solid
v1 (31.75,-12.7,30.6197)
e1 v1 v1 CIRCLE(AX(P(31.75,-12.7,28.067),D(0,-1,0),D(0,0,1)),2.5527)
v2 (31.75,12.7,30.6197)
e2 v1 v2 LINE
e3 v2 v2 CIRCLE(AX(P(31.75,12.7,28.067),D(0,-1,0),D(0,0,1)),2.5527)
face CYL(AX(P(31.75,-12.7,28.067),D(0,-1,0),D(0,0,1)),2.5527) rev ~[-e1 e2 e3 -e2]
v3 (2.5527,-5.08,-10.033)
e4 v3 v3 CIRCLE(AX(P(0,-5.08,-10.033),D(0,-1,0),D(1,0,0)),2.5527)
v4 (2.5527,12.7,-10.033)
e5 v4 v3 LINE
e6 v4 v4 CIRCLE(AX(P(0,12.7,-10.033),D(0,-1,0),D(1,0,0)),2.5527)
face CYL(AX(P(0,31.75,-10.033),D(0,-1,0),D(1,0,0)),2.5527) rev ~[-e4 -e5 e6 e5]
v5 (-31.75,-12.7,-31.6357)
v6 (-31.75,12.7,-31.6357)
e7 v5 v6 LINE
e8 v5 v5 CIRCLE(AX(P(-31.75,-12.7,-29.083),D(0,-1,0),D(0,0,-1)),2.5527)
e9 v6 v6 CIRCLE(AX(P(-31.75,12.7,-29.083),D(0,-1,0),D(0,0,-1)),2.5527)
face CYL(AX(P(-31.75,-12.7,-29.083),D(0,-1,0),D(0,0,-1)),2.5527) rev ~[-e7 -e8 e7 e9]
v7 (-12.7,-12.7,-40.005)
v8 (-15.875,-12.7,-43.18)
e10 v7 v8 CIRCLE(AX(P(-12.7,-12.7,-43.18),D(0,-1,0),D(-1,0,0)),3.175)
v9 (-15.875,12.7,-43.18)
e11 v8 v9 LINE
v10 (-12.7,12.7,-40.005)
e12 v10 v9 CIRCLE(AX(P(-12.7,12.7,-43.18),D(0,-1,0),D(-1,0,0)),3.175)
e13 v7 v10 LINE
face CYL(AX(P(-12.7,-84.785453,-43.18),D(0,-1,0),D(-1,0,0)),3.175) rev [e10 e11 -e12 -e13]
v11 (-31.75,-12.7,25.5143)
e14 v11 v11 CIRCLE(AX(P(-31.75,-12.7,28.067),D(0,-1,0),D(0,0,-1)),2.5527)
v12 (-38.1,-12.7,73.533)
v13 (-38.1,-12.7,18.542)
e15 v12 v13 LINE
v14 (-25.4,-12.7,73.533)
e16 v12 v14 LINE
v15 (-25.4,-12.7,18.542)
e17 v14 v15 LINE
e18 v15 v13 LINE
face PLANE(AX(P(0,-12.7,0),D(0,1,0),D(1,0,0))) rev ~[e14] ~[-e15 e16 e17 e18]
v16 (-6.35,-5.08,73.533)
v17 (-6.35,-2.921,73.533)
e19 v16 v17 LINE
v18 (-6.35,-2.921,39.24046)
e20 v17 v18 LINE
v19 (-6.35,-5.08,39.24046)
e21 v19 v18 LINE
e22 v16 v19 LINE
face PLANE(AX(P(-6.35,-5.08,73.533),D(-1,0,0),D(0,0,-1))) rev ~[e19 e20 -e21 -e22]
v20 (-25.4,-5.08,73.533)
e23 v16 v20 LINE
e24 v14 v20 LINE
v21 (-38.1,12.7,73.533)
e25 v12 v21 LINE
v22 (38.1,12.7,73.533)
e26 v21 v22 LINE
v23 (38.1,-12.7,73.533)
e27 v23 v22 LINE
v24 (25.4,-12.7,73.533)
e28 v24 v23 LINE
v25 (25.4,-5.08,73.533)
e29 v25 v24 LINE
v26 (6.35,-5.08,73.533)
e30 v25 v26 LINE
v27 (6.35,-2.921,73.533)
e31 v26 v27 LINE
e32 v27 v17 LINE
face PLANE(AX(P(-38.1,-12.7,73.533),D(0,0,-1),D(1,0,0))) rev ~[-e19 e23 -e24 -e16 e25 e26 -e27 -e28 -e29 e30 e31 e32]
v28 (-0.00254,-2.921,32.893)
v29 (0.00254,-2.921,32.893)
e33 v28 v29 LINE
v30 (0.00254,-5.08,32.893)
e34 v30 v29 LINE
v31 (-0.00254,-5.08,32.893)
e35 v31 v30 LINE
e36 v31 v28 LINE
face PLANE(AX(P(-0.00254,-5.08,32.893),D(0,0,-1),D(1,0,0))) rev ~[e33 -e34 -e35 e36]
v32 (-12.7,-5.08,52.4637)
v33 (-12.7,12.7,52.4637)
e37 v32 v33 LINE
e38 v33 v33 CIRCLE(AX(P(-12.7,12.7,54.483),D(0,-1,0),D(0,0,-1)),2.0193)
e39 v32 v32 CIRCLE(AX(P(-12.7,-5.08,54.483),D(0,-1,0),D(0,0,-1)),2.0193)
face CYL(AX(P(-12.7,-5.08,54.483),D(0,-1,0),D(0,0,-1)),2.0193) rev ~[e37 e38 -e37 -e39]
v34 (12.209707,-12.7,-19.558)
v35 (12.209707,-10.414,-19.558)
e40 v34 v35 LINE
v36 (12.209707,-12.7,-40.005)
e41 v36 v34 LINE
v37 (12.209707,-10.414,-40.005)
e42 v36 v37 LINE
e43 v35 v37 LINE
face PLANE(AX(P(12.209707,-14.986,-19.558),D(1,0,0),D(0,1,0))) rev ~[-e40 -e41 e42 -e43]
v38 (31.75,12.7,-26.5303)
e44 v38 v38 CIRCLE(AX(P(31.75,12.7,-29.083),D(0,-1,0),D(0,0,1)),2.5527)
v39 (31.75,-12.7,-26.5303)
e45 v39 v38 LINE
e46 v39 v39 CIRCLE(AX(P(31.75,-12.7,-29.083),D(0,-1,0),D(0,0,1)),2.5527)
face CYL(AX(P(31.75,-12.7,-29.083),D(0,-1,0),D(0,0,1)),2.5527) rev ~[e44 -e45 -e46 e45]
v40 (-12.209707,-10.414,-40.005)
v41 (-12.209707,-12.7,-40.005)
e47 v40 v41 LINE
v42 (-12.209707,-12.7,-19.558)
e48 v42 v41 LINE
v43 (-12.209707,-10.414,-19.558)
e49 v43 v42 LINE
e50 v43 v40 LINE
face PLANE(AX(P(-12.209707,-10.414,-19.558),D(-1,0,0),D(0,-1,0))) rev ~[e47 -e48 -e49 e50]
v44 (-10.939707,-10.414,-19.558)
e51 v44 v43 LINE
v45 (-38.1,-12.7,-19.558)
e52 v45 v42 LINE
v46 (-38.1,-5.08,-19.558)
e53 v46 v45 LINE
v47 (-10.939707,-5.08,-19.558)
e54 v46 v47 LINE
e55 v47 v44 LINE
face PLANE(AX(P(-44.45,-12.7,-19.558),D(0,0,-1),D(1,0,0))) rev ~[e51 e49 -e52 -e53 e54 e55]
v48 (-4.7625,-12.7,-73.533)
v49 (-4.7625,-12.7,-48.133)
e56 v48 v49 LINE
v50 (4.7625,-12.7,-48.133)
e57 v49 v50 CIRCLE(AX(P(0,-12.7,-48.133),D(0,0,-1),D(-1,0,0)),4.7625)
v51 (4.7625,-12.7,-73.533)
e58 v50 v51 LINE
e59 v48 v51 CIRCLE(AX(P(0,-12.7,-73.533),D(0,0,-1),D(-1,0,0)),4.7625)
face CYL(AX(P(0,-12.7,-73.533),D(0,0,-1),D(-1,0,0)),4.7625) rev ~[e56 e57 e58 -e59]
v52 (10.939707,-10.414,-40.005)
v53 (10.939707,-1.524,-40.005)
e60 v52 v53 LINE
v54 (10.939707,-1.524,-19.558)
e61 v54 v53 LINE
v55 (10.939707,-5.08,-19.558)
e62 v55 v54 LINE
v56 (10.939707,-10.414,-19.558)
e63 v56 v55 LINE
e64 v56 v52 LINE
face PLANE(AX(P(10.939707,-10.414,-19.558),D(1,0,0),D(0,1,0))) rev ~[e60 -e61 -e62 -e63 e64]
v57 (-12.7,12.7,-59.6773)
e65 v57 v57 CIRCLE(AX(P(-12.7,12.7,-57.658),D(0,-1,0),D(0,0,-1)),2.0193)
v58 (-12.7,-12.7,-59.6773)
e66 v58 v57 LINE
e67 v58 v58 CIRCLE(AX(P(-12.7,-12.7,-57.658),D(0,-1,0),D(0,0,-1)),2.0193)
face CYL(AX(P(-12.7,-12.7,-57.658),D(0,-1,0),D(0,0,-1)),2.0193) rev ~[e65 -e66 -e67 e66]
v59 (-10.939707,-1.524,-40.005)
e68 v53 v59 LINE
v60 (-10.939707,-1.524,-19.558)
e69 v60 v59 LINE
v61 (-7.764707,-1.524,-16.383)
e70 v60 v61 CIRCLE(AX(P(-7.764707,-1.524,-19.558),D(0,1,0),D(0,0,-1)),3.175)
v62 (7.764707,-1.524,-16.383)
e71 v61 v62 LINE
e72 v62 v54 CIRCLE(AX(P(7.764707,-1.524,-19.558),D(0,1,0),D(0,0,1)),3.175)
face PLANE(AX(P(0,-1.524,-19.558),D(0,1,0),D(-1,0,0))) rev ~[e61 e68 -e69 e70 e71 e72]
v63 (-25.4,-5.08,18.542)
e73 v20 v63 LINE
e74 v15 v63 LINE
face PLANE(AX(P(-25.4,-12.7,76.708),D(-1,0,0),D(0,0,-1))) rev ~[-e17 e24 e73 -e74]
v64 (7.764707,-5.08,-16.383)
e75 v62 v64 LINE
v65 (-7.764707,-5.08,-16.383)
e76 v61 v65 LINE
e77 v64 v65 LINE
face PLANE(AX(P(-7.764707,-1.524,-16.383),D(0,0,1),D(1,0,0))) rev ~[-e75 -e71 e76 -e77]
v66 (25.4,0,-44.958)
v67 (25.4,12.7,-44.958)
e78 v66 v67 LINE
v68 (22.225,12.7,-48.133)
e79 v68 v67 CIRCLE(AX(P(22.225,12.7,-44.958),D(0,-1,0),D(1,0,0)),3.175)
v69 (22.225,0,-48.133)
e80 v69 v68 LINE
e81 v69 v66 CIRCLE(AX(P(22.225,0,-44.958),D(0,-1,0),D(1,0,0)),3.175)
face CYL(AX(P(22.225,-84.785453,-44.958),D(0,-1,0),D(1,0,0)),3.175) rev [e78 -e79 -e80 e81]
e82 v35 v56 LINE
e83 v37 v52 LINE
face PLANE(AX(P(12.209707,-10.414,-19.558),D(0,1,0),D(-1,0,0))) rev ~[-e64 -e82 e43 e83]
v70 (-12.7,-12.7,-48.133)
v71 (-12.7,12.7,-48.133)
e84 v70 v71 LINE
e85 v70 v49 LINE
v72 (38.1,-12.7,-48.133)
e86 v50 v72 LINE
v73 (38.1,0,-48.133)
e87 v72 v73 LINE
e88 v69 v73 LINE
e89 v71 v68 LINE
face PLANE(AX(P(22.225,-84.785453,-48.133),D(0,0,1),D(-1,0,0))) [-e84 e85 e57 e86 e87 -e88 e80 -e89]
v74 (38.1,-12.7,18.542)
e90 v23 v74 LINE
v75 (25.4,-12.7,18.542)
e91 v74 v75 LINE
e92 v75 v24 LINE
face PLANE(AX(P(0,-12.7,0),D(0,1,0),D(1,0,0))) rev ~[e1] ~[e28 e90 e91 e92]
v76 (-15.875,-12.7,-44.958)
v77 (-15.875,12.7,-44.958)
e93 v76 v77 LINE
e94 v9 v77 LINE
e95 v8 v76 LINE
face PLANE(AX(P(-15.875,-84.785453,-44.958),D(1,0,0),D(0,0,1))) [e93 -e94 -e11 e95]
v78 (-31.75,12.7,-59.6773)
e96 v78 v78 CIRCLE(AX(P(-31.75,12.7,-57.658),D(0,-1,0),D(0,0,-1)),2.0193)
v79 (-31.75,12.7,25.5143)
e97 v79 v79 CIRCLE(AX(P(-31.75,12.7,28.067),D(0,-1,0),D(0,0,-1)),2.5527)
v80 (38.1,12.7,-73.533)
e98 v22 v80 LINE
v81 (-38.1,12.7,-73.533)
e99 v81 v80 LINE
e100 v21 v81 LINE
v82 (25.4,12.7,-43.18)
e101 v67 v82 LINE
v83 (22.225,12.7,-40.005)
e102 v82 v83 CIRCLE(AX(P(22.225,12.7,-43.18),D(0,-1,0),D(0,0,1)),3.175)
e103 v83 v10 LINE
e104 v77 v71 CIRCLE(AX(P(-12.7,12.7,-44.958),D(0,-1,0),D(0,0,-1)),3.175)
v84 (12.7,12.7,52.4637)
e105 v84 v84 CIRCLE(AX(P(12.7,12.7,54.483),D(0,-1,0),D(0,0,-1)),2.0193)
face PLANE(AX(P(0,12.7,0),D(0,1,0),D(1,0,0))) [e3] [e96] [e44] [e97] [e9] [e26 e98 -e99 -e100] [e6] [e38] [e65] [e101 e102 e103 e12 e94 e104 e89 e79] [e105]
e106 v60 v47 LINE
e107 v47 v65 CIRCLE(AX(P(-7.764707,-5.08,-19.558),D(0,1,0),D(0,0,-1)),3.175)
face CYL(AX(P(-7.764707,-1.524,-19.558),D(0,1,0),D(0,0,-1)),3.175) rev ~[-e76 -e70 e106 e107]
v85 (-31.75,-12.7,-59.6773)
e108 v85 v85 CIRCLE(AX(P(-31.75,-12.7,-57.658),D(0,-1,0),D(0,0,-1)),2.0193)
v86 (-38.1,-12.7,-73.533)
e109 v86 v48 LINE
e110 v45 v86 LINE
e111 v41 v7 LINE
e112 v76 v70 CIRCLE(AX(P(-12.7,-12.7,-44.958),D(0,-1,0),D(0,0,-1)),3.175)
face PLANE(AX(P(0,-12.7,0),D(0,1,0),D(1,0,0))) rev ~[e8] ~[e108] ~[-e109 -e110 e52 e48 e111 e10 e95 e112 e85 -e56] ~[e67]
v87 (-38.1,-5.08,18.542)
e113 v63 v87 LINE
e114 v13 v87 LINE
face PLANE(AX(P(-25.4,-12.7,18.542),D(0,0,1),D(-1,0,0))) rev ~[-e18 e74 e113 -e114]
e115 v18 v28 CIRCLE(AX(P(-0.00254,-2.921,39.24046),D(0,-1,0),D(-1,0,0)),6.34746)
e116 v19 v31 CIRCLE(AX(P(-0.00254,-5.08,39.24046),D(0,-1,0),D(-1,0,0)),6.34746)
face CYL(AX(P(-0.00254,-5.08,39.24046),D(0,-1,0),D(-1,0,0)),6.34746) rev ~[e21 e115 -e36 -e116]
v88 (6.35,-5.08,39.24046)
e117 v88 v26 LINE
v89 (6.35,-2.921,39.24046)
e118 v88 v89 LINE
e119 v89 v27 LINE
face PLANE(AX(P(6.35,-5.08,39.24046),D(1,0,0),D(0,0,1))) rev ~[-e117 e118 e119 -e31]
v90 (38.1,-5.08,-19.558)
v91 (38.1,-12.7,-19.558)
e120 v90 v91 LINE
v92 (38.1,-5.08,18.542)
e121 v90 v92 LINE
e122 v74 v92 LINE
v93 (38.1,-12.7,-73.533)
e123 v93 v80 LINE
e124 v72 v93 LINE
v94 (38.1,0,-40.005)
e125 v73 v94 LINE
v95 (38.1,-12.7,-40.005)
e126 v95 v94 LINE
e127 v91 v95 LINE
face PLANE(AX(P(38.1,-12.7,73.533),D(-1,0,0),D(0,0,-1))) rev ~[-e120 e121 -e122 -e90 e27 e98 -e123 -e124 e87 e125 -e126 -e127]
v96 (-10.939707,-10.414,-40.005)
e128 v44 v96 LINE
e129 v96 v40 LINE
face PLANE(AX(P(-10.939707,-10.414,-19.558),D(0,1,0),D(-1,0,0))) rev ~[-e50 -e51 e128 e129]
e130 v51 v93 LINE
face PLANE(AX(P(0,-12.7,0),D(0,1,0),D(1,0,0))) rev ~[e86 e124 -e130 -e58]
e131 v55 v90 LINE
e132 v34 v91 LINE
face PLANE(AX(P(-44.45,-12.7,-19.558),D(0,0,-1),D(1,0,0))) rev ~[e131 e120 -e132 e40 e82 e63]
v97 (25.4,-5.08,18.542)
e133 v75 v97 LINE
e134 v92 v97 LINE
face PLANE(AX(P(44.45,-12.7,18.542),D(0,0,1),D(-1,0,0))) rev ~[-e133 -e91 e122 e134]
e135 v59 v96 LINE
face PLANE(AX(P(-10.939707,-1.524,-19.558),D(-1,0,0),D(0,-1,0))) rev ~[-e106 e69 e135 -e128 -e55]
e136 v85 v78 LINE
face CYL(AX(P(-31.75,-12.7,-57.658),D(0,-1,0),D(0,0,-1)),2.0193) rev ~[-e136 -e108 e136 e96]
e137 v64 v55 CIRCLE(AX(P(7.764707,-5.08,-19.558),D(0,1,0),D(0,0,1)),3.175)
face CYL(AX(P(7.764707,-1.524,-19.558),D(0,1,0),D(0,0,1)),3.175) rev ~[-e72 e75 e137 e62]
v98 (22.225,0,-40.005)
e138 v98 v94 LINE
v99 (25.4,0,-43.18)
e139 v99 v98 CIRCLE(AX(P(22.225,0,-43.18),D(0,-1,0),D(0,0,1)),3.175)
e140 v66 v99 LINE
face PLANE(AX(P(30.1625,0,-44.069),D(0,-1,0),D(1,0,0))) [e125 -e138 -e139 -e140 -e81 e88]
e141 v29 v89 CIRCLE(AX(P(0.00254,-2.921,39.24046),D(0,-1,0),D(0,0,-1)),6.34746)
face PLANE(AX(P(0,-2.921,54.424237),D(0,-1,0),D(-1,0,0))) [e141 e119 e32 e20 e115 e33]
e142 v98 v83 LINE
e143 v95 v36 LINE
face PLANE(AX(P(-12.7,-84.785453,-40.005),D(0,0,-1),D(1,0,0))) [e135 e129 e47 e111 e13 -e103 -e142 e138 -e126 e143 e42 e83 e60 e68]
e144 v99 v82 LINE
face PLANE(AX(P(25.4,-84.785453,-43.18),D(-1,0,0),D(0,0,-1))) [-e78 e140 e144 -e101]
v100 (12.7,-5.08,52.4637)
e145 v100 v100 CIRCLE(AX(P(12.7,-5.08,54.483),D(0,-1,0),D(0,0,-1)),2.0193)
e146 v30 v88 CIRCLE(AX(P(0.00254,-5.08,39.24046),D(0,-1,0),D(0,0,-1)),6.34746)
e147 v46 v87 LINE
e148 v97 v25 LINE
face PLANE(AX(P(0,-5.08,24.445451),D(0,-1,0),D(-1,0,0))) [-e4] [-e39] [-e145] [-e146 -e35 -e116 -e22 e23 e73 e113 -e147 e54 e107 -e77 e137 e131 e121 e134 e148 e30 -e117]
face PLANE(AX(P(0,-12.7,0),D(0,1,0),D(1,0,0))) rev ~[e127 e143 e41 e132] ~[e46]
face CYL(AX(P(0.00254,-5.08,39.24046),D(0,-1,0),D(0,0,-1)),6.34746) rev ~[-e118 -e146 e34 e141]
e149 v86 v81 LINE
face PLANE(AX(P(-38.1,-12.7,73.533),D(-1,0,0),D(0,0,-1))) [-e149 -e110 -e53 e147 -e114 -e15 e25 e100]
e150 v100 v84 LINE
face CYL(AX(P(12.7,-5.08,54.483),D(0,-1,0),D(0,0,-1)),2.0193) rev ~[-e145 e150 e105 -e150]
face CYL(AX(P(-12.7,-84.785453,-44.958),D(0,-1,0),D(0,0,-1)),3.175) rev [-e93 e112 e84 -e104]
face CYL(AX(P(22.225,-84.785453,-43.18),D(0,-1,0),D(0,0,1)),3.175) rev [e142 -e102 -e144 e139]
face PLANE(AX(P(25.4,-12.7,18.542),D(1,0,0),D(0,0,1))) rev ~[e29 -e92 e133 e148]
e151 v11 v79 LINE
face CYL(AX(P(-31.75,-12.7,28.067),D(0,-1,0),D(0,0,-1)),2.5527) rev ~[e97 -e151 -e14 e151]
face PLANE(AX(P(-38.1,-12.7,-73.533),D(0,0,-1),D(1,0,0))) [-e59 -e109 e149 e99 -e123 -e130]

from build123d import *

# Parameters (mm, degrees)
BOSS_EXTRUDE1_DEPTH         = 12.7
BOSS_EXTRUDE1_DEPTH_BACK    = 12.7
SKETCH1_W                   = 76.2
SKETCH1_H                   = 147.066
SKETCH2_R                   = 4.7625
CUT_EXTRUDE1_DEPTH          = 25.4
CUT_EXTRUDE2_DEPTH          = 7.62
CUT_EXTRUDE4_DEPTH          = 84.785452729
CUT_EXTRUDE4_DEPTH_BACK     = 84.785452729
F_1_4_20_TAPPED_HOLE1_D     = 5.1054
F_1_4_20_TAPPED_HOLE1_DEPTH = 19.05
F_1_4_20_TAPPED_HOLE1_TIP   = 1.533816902
SKETCH9_R                   = 2.5527
SKETCH9_R_2                 = 2.0193
CUT_EXTRUDE5_DEPTH          = 87.62489301
CUT_EXTRUDE6_REACH          = 103.385
CUT_EXTRUDE7_DEPTH          = 2.159
SKETCH12_R                  = 2.0193
CUT_EXTRUDE8_DEPTH          = 85.704430162
SKETCH13_W                  = 15.875
SKETCH13_H                  = 8.128
CUT_EXTRUDE9_DEPTH          = 12.7
CUT_EXTRUDE10_DEPTH         = 85.02996052


with BuildPart() as part:
    # Sketch1 → Boss-Extrude1 (new, two sides: drawn at the far end of the back side and taken through both)
    with BuildSketch(Plane(origin=(0, 0, 0), x_dir=(1, 0, 0), z_dir=(0, 1, 0)).offset(-BOSS_EXTRUDE1_DEPTH_BACK)):
        Rectangle(SKETCH1_W, SKETCH1_H)
    extrude(amount=BOSS_EXTRUDE1_DEPTH + BOSS_EXTRUDE1_DEPTH_BACK)

    # Sketch2 → Cut-Extrude1 (cut)
    with BuildSketch(Plane(origin=(0, 0, -73.533), x_dir=(-1, 0, 0), z_dir=(0, 0, -1))):
        with Locations((0, -12.7)):
            Circle(SKETCH2_R)
    extrude(amount=-CUT_EXTRUDE1_DEPTH, mode=Mode.SUBTRACT)

    # Sketch3 → Cut-Extrude2 (cut)
    with BuildSketch(Plane(origin=(0, -12.7, 0), x_dir=(-1, 0, 0), z_dir=(0, -1, 0))):
        with BuildLine():
            Line((-19.05, -83.058), (19.05, -83.058))
            ThreePointArc((19.05, -83.058), (23.540128061, -81.198128061), (25.4, -76.708))
            Line((25.4, -76.708), (25.4, -18.542))
            Line((25.4, -18.542), (44.45, -18.542))
            Line((44.45, -18.542), (44.45, 19.558))
            Line((44.45, 19.558), (-44.45, 19.558))
            Line((-44.45, 19.558), (-44.45, -18.542))
            Line((-44.45, -18.542), (-25.4, -18.542))
            Line((-25.4, -18.542), (-25.4, -76.708))
            ThreePointArc((-25.4, -76.708), (-23.540128061, -81.198128061), (-19.05, -83.058))
        make_face()
    extrude(amount=-CUT_EXTRUDE2_DEPTH, mode=Mode.SUBTRACT)

    # Sketch5 → Cut-Extrude4 (cut, two sides: drawn at the far end of the back side and taken through both)
    with BuildSketch(Plane(origin=(0, 0, 0), x_dir=(1, 0, 0), z_dir=(0, 1, 0)).offset(-CUT_EXTRUDE4_DEPTH_BACK)):
        with BuildLine():
            Line((22.225, 48.133), (-12.7, 48.133))
            ThreePointArc((-12.7, 48.133), (-14.94506403, 47.20306403), (-15.875, 44.958))
            Line((-15.875, 44.958), (-15.875, 43.18))
            ThreePointArc((-15.875, 43.18), (-14.94506403, 40.93493597), (-12.7, 40.005))
            Line((-12.7, 40.005), (22.225, 40.005))
            ThreePointArc((22.225, 40.005), (24.47006403, 40.93493597), (25.4, 43.18))
            Line((25.4, 43.18), (25.4, 44.958))
            ThreePointArc((25.4, 44.958), (24.47006403, 47.20306403), (22.225, 48.133))
        make_face()
    extrude(amount=CUT_EXTRUDE4_DEPTH + CUT_EXTRUDE4_DEPTH_BACK, mode=Mode.SUBTRACT)

    # 1/4-20 Tapped Hole1
    with Locations(Plane(origin=(-11.034450397, 12.7, 14.547513529), x_dir=(-1, 0, 0), z_dir=(0, 1, 0))):
        with Locations((-11.034450397, -24.580513529)):
            Hole(F_1_4_20_TAPPED_HOLE1_D / 2, depth=F_1_4_20_TAPPED_HOLE1_DEPTH)
            with Locations((0, 0, -(F_1_4_20_TAPPED_HOLE1_DEPTH + F_1_4_20_TAPPED_HOLE1_TIP / 2))):  # 118° drill point
                Cone(0, F_1_4_20_TAPPED_HOLE1_D / 2, F_1_4_20_TAPPED_HOLE1_TIP, mode=Mode.SUBTRACT)

    # Sketch9 → Cut-Extrude5 (cut, through all)
    with BuildSketch(Plane(origin=(0, -12.7, 0), x_dir=(-1, 0, 0), z_dir=(0, -1, 0))):
        with Locations((31.75, 29.083)):
            Circle(SKETCH9_R)
        with Locations((31.75, -28.067)):
            Circle(SKETCH9_R)
        with Locations((-31.75, -28.067)):
            Circle(SKETCH9_R)
        with Locations((-31.75, 29.083)):
            Circle(SKETCH9_R)
        with Locations((31.75, 57.658)):
            Circle(SKETCH9_R_2)
        with Locations((12.7, 57.658)):
            Circle(SKETCH9_R_2)
    extrude(amount=-CUT_EXTRUDE5_DEPTH, mode=Mode.SUBTRACT)

    # Sketch10 → Cut-Extrude6 (cut, up to next)
    with BuildSketch(Plane.XY.offset(-19.558), mode=Mode.PRIVATE) as cut_extrude6_sk1:
        with BuildLine():
            Line((-10.939706577, -10.414), (-12.209706577, -10.414))
            Line((-12.209706577, -10.414), (-12.209706577, -14.986))
            Line((-12.209706577, -14.986), (-10.939706577, -14.986))
            ThreePointArc((-10.939706577, -14.986), (0, -23.876), (10.939706577, -14.986))
            Line((10.939706577, -14.986), (12.209706577, -14.986))
            Line((12.209706577, -14.986), (12.209706577, -10.414))
            Line((12.209706577, -10.414), (10.939706577, -10.414))
            Line((10.939706577, -10.414), (10.939706577, -1.524))
            Line((10.939706577, -1.524), (-10.939706577, -1.524))
            Line((-10.939706577, -1.524), (-10.939706577, -10.414))
        make_face()
    cut_extrude6_tool1 = extrude(cut_extrude6_sk1.sketch, amount=-CUT_EXTRUDE6_REACH, mode=Mode.PRIVATE) & part.part
    add(cut_extrude6_tool1.solids().sort_by_distance((0, -11.73366, -19.558))[0], mode=Mode.SUBTRACT)

    # Sketch11 → Cut-Extrude7 (cut)
    with BuildSketch(Plane(origin=(0, -5.08, 0), x_dir=(-1, 0, 0), z_dir=(0, -1, 0))):
        with BuildLine():
            Line((0.00254, -32.893), (-0.00254, -32.893))
            ThreePointArc((-0.00254, -32.893), (-4.490872009, -34.752127991), (-6.35, -39.24046))
            Line((-6.35, -39.24046), (-6.35, -73.533))
            Line((-6.35, -73.533), (6.35, -73.533))
            Line((6.35, -73.533), (6.35, -39.24046))
            ThreePointArc((6.35, -39.24046), (4.490872009, -34.752127991), (0.00254, -32.893))
        make_face()
    extrude(amount=-CUT_EXTRUDE7_DEPTH, mode=Mode.SUBTRACT)

    # Sketch12 → Cut-Extrude8 (cut, through all)
    with BuildSketch(Plane.XZ.offset(5.08)):
        with Locations((12.7, 54.483)):
            Circle(SKETCH12_R)
        with Locations((-12.7, 54.483)):
            Circle(SKETCH12_R)
    extrude(amount=-CUT_EXTRUDE8_DEPTH, mode=Mode.SUBTRACT)

    # Sketch13 → Cut-Extrude9 (cut)
    with BuildSketch(Plane.XZ.offset(12.7)):
        with Locations((30.1625, -44.069)):
            Rectangle(SKETCH13_W, SKETCH13_H)
    extrude(amount=-CUT_EXTRUDE9_DEPTH, mode=Mode.SUBTRACT)

    # Sketch14 → Cut-Extrude10 (cut, through all)
    with BuildSketch(Plane.XZ.offset(1.524)):
        with BuildLine():
            Line((7.764706577, -22.733), (-7.764706577, -22.733))
            ThreePointArc((-7.764706577, -22.733), (-10.939706577, -19.558), (-7.764706577, -16.383))
            Line((-7.764706577, -16.383), (7.764706577, -16.383))
            ThreePointArc((7.764706577, -16.383), (10.939706577, -19.558), (7.764706577, -22.733))
        make_face()
    extrude(amount=CUT_EXTRUDE10_DEPTH, mode=Mode.SUBTRACT)


solid = part.part
